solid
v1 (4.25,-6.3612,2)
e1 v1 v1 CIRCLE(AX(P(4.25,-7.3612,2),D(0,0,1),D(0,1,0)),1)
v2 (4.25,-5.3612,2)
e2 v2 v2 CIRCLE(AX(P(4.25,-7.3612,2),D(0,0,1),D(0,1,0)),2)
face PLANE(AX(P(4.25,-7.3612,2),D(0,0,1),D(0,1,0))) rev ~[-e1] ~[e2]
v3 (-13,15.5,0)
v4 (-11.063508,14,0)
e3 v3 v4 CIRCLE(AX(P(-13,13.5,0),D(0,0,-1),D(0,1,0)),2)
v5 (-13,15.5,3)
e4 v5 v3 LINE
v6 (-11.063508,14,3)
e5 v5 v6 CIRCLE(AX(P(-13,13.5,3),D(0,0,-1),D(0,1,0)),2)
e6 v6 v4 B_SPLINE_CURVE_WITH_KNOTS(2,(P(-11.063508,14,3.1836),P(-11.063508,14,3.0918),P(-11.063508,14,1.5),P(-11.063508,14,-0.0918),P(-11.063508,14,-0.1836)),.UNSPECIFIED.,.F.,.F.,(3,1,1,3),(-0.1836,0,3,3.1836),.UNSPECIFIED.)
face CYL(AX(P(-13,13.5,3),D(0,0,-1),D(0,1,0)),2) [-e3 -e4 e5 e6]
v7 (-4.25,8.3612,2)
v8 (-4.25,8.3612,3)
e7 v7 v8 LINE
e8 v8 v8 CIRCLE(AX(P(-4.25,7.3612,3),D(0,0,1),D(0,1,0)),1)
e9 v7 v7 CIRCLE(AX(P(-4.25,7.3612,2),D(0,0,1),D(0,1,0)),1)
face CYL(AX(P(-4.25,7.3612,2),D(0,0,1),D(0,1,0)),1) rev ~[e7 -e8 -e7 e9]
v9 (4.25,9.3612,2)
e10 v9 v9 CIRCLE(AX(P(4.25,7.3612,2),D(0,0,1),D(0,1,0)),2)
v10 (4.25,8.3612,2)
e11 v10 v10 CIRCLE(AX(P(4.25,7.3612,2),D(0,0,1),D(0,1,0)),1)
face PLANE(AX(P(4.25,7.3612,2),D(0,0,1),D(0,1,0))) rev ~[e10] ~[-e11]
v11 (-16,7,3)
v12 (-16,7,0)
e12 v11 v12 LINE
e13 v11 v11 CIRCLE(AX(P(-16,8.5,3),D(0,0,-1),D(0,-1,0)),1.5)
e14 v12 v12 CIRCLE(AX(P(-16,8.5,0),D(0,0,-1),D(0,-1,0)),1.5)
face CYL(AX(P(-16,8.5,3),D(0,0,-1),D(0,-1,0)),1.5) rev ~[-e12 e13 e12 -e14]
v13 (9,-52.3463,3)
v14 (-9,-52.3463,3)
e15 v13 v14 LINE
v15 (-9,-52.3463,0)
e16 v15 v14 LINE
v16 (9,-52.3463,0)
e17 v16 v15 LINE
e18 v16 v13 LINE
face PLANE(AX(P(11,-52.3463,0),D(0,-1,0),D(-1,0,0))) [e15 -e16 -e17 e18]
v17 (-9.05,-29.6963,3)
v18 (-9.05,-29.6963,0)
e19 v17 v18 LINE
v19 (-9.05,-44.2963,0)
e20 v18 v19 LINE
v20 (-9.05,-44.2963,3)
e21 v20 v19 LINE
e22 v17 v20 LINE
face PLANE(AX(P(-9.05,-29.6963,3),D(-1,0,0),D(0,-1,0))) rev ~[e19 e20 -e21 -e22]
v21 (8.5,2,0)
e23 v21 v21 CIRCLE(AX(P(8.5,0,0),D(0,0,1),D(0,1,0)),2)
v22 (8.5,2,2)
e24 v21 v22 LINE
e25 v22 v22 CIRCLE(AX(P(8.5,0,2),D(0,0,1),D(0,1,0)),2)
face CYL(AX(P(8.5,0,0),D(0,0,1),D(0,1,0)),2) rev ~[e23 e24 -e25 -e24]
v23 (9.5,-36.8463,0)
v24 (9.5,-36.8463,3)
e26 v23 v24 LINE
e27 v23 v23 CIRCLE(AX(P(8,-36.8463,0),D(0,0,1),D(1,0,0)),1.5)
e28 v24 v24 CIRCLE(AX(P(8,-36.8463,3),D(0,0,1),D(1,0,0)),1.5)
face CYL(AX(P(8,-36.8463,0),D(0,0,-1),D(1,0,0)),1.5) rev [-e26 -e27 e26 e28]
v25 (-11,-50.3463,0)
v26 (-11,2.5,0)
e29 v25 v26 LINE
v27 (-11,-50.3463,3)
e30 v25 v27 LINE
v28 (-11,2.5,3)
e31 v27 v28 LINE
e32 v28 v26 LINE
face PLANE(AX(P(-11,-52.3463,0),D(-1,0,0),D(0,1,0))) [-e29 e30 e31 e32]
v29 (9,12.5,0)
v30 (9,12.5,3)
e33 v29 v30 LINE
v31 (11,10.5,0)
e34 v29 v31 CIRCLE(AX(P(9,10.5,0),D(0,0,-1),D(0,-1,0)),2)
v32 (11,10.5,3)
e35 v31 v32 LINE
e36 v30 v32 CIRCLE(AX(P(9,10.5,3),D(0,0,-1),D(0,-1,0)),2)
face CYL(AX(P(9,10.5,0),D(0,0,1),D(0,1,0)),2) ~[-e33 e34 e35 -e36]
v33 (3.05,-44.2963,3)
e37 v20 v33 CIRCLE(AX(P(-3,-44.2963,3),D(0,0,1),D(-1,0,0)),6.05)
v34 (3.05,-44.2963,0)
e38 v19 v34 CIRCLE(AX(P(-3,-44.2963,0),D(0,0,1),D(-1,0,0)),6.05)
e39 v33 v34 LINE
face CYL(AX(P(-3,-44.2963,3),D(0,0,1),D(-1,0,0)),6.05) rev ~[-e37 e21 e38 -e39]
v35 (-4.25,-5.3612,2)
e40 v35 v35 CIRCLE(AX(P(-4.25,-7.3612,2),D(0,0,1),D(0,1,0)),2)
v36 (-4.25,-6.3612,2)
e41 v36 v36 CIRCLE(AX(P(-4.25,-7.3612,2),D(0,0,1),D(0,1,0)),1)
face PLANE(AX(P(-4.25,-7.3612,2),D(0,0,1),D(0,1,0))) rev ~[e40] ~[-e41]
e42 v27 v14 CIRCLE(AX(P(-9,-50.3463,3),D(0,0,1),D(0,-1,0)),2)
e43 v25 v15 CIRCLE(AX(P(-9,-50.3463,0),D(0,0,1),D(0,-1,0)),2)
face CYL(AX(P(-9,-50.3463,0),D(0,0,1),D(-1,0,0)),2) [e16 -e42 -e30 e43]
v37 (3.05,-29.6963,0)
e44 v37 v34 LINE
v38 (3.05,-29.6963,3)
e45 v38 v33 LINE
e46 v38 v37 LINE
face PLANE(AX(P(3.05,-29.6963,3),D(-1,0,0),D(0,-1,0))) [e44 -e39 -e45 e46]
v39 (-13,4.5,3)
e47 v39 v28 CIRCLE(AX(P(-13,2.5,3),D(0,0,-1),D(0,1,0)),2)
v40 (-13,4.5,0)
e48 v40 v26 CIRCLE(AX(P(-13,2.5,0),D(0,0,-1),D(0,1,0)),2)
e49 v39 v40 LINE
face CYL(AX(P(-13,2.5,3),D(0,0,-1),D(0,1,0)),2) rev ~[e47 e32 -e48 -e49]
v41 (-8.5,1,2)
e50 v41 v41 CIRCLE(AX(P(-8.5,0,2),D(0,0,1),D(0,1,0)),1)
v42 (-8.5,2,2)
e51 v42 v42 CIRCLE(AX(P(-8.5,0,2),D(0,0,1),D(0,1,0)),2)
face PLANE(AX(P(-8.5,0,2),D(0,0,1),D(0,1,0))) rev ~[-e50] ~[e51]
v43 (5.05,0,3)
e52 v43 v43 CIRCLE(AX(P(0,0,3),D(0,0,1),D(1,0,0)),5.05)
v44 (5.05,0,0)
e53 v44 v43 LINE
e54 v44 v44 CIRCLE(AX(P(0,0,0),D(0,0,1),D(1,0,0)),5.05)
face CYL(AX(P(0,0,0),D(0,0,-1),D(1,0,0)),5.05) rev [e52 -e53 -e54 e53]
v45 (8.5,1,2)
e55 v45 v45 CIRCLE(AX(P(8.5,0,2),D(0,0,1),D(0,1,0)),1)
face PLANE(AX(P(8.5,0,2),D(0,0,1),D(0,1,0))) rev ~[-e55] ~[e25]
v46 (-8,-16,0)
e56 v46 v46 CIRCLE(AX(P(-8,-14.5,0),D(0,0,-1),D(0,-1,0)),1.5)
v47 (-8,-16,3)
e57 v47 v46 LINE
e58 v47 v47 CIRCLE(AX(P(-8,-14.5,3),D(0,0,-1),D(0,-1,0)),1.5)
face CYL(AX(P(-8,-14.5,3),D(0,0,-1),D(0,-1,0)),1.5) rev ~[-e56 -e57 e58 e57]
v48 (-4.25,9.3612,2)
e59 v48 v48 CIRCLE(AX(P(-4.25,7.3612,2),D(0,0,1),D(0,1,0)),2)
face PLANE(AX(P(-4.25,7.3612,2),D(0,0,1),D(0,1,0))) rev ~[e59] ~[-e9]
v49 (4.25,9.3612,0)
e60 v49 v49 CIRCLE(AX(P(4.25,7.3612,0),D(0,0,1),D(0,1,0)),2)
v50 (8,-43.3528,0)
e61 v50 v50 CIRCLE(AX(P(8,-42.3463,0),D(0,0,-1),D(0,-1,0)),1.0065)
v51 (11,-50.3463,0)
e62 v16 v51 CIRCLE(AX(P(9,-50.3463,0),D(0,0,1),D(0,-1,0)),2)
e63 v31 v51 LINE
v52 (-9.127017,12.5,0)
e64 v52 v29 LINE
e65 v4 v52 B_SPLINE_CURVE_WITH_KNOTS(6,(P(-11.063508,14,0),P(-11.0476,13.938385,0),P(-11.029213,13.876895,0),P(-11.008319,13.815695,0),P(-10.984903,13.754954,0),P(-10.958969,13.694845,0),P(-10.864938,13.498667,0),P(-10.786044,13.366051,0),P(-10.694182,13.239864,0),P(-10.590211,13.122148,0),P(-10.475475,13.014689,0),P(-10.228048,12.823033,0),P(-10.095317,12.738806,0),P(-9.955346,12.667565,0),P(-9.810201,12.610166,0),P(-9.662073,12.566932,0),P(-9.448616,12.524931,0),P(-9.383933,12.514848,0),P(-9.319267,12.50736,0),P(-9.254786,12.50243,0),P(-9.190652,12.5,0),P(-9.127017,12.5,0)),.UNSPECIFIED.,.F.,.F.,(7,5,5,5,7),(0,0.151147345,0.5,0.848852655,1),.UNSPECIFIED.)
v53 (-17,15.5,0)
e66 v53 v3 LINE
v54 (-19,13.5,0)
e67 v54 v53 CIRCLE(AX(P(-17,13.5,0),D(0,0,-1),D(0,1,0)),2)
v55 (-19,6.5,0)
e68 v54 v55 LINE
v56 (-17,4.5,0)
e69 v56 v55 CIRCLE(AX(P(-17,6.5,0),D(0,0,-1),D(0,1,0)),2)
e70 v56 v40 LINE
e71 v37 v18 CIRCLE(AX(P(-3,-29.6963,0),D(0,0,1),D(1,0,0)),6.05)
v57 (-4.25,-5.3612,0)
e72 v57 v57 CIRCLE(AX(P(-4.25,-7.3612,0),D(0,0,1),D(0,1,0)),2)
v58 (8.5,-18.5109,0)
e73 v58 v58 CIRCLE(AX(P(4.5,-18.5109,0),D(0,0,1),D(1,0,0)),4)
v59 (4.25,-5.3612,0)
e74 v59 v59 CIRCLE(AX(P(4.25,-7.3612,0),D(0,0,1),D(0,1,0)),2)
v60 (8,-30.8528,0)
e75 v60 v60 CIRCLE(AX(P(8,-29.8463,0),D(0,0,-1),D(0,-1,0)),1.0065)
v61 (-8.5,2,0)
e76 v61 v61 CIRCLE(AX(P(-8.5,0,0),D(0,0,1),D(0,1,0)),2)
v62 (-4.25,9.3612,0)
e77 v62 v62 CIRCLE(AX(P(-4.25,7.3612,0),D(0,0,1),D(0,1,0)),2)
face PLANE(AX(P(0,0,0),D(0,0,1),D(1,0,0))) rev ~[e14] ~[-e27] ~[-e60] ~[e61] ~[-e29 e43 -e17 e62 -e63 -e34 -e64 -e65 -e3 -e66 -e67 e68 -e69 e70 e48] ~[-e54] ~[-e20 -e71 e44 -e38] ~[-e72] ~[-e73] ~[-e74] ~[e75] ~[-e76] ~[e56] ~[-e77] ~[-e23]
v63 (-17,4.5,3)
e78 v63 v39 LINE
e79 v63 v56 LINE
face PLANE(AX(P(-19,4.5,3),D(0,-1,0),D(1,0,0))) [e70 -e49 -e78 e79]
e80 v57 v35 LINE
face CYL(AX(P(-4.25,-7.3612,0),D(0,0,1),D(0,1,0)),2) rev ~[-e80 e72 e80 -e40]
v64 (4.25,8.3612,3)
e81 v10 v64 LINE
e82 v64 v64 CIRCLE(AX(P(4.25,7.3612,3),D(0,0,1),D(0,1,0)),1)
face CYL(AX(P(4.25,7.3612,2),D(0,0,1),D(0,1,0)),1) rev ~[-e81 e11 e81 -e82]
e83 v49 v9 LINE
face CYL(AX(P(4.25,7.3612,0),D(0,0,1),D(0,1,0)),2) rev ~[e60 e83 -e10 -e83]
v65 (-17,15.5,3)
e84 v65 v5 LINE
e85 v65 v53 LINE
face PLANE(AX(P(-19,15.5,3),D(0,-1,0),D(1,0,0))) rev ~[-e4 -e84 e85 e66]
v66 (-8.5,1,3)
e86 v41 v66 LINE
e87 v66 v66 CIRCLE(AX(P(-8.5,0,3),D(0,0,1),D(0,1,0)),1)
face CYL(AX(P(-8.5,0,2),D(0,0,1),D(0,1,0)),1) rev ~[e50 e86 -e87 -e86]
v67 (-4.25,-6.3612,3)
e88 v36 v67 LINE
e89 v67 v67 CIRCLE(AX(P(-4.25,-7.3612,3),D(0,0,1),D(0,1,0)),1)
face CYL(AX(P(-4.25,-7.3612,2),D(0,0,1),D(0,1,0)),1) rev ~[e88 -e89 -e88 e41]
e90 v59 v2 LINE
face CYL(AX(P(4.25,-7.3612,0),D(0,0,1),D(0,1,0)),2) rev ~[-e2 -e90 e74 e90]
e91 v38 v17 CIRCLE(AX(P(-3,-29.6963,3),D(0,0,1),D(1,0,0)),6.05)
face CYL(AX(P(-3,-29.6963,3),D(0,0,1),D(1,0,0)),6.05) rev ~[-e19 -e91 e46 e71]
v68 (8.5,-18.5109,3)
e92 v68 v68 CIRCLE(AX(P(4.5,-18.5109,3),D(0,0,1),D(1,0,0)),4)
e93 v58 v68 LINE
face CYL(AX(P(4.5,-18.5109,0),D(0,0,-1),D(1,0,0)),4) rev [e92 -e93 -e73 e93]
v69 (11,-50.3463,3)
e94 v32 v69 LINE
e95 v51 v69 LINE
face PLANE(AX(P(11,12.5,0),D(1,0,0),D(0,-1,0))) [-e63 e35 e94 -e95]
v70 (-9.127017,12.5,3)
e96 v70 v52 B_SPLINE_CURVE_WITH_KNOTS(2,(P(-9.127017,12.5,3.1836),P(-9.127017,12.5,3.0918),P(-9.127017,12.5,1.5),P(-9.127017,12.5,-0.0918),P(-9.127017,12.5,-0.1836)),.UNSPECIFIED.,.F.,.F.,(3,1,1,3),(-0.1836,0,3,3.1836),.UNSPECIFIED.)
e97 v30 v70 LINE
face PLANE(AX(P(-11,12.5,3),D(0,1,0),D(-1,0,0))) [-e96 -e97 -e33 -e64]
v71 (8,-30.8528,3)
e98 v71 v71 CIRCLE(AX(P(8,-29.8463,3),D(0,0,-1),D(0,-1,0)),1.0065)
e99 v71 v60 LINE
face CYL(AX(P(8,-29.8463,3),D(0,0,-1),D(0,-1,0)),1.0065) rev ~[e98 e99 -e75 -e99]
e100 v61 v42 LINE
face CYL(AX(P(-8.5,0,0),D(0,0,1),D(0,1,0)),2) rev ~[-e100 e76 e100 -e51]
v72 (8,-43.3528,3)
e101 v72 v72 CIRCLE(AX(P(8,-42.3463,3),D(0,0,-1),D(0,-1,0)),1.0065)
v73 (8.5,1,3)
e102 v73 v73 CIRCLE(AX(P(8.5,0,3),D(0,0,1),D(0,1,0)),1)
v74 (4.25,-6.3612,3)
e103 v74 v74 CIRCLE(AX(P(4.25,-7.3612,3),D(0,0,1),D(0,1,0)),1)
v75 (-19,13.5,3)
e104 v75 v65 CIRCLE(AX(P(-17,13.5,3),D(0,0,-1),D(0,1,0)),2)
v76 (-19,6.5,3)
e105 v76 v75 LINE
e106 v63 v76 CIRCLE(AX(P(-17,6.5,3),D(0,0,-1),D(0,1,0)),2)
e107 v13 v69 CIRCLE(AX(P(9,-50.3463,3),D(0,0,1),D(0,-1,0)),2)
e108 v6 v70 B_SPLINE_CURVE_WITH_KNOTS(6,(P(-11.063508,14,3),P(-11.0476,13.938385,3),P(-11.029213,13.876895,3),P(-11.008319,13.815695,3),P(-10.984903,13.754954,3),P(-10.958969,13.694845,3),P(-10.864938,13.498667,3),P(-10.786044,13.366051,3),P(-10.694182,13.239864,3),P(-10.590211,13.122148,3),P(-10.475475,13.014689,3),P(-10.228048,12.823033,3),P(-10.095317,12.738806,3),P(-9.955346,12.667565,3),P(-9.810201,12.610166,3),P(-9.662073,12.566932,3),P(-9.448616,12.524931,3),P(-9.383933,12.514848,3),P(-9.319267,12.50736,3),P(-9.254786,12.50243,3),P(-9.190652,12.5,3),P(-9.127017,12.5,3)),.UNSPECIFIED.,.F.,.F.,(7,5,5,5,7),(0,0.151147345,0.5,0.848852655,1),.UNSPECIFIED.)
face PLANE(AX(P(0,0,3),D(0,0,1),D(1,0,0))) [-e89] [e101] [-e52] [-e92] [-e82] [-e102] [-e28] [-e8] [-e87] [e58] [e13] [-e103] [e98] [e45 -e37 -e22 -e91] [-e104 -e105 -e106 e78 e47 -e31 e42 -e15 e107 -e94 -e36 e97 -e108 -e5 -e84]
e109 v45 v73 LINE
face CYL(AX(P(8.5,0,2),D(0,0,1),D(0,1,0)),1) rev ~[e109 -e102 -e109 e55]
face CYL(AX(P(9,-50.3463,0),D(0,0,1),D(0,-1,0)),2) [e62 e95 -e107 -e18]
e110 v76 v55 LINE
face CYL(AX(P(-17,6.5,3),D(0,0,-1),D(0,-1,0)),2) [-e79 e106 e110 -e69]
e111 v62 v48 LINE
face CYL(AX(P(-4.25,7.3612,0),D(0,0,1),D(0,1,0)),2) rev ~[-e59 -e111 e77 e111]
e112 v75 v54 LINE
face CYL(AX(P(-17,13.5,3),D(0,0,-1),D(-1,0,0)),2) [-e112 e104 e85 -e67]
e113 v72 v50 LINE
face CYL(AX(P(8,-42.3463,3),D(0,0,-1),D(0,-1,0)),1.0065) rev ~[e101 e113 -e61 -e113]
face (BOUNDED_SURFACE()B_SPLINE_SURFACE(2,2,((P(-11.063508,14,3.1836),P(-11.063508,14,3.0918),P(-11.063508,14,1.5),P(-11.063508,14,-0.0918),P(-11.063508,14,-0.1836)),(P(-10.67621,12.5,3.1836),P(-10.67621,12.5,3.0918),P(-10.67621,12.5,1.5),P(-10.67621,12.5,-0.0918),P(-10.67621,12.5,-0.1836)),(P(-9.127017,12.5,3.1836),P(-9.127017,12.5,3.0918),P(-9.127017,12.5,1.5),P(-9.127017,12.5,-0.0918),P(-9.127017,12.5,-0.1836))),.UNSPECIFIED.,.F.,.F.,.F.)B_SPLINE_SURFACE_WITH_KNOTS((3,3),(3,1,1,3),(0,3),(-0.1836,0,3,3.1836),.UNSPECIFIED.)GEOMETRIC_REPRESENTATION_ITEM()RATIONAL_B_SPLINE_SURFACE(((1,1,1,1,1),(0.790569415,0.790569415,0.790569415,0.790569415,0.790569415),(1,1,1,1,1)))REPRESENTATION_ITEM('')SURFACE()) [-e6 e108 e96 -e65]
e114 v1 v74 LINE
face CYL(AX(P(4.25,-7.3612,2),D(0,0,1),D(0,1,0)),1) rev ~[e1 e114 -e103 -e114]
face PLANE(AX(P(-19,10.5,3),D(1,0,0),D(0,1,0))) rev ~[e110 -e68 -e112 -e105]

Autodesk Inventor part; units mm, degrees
ref_plane "YZ Plane" through (0, 0, 0) normal (1, 0, 0) x (0, 1, 0)
ref_plane "XZ Plane" through (0, 0, 0) normal (0, 1, 0) x (-1, 0, 0)
ref_plane "XY Plane" through (0, 0, 0) normal (0, 0, 1) x (1, 0, 0)
sketch "Sketch1" plane through (0, 0, 0) normal (0, 0, 1) x (1, 0, 0)
  circle A0 centre (0, 0) radius 5 construction
  circle A1 centre (0, 0) radius 5.05
  line L0 (-11, 12.5) -> (11, 12.5)
  line L1 (11, 12.5) -> (11, -52.3463)
  line L2 (11, -52.3463) -> (-11, -52.3463)
  line L3 (-11, -52.3463) -> (-11, 12.5)
  circle A2 centre (0, 0) radius 12.5 construction
  circle A3 centre (4.5, -18.5109) radius 6.5 construction
  circle A4 centre (4.5, -18.5109) radius 7.5 construction
  circle A5 centre (4.5, -18.5109) radius 4
  circle A6 centre (24.9354, -38.9463) radius 21.4 construction
  line L4 (4.5, -18.5109) -> (24.9354, -38.9463) construction
  line L5 (0, 48.1253) -> (0, -78.4249) construction
  circle A7 centre (0, 0) radius 19.05 construction
  line L6 (54.9772, -60.3463) -> (-51.313, -60.3463) construction
  line L7 (-70.5727, -54.3463) -> (77.7123, -54.3463) construction
  line L8 (8, -57.4182) -> (8, 30.0467) construction
  circle A8 centre (8, -36.8463) radius 1.5
  circle A9 centre (0, 0) radius 11 construction
  line L9 (12, -6.3386) -> (12, -55.2043) construction
  dimension "d8" = 38.1
  dimension "d0" = 10
  dimension "d1" = 10.1
  dimension "d2" = 25
  dimension "d3" = 13
  dimension "d4" = 15
  dimension "d5" = 8
  dimension "d6" = 42.8
  dimension "d7" = 45
  dimension "d9" = 6
  dimension "d10" = 2
  dimension "d11" = 3
  dimension "d12" = 3
  dimension "d27" = 22
  dimension "d71" = 15.5
  dimension "d84" = 64.8463
  dimension "d85" = 1
extrude "Extrusion1" add sketch "Sketch1" along normal blind 3
sketch "Sketch2" plane through (0, 0, 0) normal (0, 0, -1) x (-1, 0, 0)
  circle A0 centre (0, 0) radius 8.5 construction
  line L0 (-15.4, 0) -> (15.4, 0) construction
  point P0 (-8.5, 0)
  point P1 (-4.25, -7.3612)
  point P2 (4.25, -7.3612)
  point P3 (8.5, 0)
  point P4 (4.25, 7.3612)
  point P5 (-4.25, 7.3612)
  dimension "d15" = 17
  dimension "d18" = 360
hole "Hole1" at (8.5, 0, 0) at (4.25, -7.3612, 0) at (-4.25, -7.3612, 0) at (-8.5, 0, 0) at (-4.25, 7.3612, 0) at (4.25, 7.3612, 0) direction (0, 0, 1) diameter 2 end through all counterbore diameter 4 counterbore depth 2
sketch "Sketch3" plane through (0, 0, 3) normal (0, 0, 1) x (1, 0, 0)
  circle A0 centre (-3, -29.6963) radius 6.05 construction
  circle A1 centre (-3, -44.2963) radius 6.05 construction
  line L0 (-3, -52.9991) -> (-3, -16.007) construction
  line L1 (0, 25.5998) -> (0, -66.099) construction
  line L2 (-19.4661, -50.3463) -> (34.3963, -50.3463) construction
  line L3 (-11, -52.3463) -> (11, -52.3463) construction
  line L4 (-9.05, -29.6963) -> (-9.05, -44.2963)
  line L5 (3.05, -29.6963) -> (3.05, -44.2963)
  arc A2 (3.05, -29.6963) -> (-9.05, -29.6963) centre (-3, -29.6963) ccw
  arc A3 (-9.05, -44.2963) -> (3.05, -44.2963) centre (-3, -44.2963) ccw
  point P0 (0, 0)
  dimension "d28" = 12.1
  dimension "d29" = 14.6
  dimension "d30" = 3
  dimension "d31" = 2
extrude "Extrusion2" cut sketch "Sketch3" against normal through all
sketch "Sketch4" plane through (0, 0, 3) normal (0, 0, 1) x (1, 0, 0)
  circle A0 centre (0, 0) radius 13 construction
  circle A1 centre (4.5, -18.5109) radius 4 construction
  circle A2 centre (4.5, -18.5109) radius 7 construction
  line L0 (-30.9627, -14.5) -> (22.7085, -14.5) construction
  line L1 (-11, 12.5) -> (-11, -52.3463) construction
  line L2 (11, 12.5) -> (-11, 12.5) construction
  line L3 (-11, -12.7679) -> (-8, -11.0359) construction
  line L4 (-8, -11.0359) -> (-5, -12.7679) construction
  line L5 (-5, -12.7679) -> (-5, -16.2321) construction
  line L6 (-5, -16.2321) -> (-8, -17.9641) construction
  line L7 (-8, -17.9641) -> (-11, -16.2321) construction
  line L8 (-11, -16.2321) -> (-11, -12.7679) construction
  circle A3 centre (-8, -14.5) radius 2.8 construction
  dimension "d34" = 26
  dimension "d35" = 14
  dimension "d36" = 6
  dimension "d37" = 27
  dimension "d72" = 5.6
hole "Hole2" at (-8, -14.5, 3) direction (0, 0, -1) diameter 3 end through all
ref_plane "Work Plane1" through (-3, -29.6963, 3) normal (-1, 0, 0) x (0, 0, -1)
sketch "Sketch8" plane through (0, 0, 3) normal (0, 0, 1) x (1, 0, 0)
  line L0 (11, 12.5) -> (-11, 12.5) projected
  line L1 (-11, 12.5) -> (-19, 12.5)
  line L2 (-19, 12.5) -> (-19, 4.5)
  line L3 (-19, 4.5) -> (-11, 4.5)
  line L4 (-11, 4.5) -> (-11, 12.5)
  point P0 (0, 0)
  dimension "d58" = 8
  dimension "d59" = 8
extrude "Extrusion4" add sketch "Sketch8" against normal up to surface (3 mm away)
sketch "Sketch9" plane through (0, 0, 3) normal (0, 0, 1) x (1, 0, 0)
  line L0 (-19, 12.5) -> (-19, 4.5) construction
  line L1 (-19, 8.5) -> (-9.7013, 8.5) construction
  line L2 (11, 12.5) -> (-19, 12.5) construction
  line L3 (-16, 12.5) -> (-16, 1.2197) construction
  point P0 (0, 0)
  point P1 (-16, 8.5)
  dimension "d62" = 3
hole "Hole4" at (-16, 8.5, 3) direction (0, 0, -1) diameter 3 end through all
fillet "Fillet2" radius 2 6 edges at (11, -52.3463, 1.5) (-11, -52.3463, 1.5) (11, 12.5, 1.5) (-19, 12.5, 1.5) (-19, 4.5, 1.5) (-11, 4.5, 1.5)
sketch "Sketch12" plane through (0, 0, 3) normal (0, 0, 1) x (1, 0, 0)
  circle A0 centre (8, -36.8463) radius 1.5 construction
  line L0 (8, -27.4514) -> (8, -47.8605) construction
  line L1 (24.4744, -26.8463) -> (0, -26.8463) construction
  line L2 (-0.5807, -45.3463) -> (23.4788, -45.3463) construction
  line L3 (0.6637, -29.8463) -> (21.6536, -29.8463) construction
  line L4 (0, -42.3463) -> (23.4788, -42.3463) construction
  point P0 (0, 0)
  point P1 (8, -29.8463)
  point P2 (8, -42.3463)
  dimension "d73" = 10
  dimension "d74" = 8.5
  dimension "d75" = 3
  dimension "d76" = 3
hole "Hole5" at (8, -29.8463, 3) at (8, -42.3463, 3) direction (0, 0, -1) diameter 2.013 end through all thread size "M2.5x0.45" class "6H" standard "ANSI Metric M Profile"
sketch "Sketch13" plane through (0, 0, 3) normal (0, 0, 1) x (1, 0, 0)
  line L0 (-19, 10.5) -> (-19, 6.5) construction
  line L1 (9, 12.5) -> (-17, 12.5) construction
  line L2 (-19, 10.5) -> (-19, 15.5)
  line L3 (-19, 15.5) -> (-11, 15.5)
  line L4 (-11, 15.5) -> (-11, 12.5)
  line L5 (-11, 2.5) -> (-11, -50.3463) projected
  arc A0 (-17, 12.5) -> (-19, 10.5) centre (-17, 10.5) ccw projected
  line L6 (-17, 12.5) -> (-11, 12.5)
  point P0 (0, 0)
  dimension "d86" = 3
extrude "Extrusion5" add sketch "Sketch13" against normal up to surface (3 mm away)
fillet "Fillet3" radius 2 3 edges at (-19, 15.5, 1.5) (-11, 15.5, 1.5) (-11, 12.5, 1.5)
equation "\"d8\" = d2 + d3 + tol"
equation "\"d4\" = roller_diam"
equation "\"d5\" = roller_bearing_dia"
equation "\"d7\" = ball_roller_angle"
equation "\"d28\" = absorber_dia"
equation "\"d29\" = absorber_dia + absorber_length"
equation "\"tol\" = 0.1"
equation "\"z_motor\" = 50"
equation "\"z_roller\" = 26"
equation "\"pitch\" = 0.5"
equation "\"roller_diam\" = 15"
equation "\"roller_bearing_dia\" = 8"
equation "\"ball_roller_angle\" = 45deg"
equation "\"absorber_dia\" = 12.1"
equation "\"absorber_length\" = 2.5"
properties part number "side_plate" material "Aluminum 6061"
